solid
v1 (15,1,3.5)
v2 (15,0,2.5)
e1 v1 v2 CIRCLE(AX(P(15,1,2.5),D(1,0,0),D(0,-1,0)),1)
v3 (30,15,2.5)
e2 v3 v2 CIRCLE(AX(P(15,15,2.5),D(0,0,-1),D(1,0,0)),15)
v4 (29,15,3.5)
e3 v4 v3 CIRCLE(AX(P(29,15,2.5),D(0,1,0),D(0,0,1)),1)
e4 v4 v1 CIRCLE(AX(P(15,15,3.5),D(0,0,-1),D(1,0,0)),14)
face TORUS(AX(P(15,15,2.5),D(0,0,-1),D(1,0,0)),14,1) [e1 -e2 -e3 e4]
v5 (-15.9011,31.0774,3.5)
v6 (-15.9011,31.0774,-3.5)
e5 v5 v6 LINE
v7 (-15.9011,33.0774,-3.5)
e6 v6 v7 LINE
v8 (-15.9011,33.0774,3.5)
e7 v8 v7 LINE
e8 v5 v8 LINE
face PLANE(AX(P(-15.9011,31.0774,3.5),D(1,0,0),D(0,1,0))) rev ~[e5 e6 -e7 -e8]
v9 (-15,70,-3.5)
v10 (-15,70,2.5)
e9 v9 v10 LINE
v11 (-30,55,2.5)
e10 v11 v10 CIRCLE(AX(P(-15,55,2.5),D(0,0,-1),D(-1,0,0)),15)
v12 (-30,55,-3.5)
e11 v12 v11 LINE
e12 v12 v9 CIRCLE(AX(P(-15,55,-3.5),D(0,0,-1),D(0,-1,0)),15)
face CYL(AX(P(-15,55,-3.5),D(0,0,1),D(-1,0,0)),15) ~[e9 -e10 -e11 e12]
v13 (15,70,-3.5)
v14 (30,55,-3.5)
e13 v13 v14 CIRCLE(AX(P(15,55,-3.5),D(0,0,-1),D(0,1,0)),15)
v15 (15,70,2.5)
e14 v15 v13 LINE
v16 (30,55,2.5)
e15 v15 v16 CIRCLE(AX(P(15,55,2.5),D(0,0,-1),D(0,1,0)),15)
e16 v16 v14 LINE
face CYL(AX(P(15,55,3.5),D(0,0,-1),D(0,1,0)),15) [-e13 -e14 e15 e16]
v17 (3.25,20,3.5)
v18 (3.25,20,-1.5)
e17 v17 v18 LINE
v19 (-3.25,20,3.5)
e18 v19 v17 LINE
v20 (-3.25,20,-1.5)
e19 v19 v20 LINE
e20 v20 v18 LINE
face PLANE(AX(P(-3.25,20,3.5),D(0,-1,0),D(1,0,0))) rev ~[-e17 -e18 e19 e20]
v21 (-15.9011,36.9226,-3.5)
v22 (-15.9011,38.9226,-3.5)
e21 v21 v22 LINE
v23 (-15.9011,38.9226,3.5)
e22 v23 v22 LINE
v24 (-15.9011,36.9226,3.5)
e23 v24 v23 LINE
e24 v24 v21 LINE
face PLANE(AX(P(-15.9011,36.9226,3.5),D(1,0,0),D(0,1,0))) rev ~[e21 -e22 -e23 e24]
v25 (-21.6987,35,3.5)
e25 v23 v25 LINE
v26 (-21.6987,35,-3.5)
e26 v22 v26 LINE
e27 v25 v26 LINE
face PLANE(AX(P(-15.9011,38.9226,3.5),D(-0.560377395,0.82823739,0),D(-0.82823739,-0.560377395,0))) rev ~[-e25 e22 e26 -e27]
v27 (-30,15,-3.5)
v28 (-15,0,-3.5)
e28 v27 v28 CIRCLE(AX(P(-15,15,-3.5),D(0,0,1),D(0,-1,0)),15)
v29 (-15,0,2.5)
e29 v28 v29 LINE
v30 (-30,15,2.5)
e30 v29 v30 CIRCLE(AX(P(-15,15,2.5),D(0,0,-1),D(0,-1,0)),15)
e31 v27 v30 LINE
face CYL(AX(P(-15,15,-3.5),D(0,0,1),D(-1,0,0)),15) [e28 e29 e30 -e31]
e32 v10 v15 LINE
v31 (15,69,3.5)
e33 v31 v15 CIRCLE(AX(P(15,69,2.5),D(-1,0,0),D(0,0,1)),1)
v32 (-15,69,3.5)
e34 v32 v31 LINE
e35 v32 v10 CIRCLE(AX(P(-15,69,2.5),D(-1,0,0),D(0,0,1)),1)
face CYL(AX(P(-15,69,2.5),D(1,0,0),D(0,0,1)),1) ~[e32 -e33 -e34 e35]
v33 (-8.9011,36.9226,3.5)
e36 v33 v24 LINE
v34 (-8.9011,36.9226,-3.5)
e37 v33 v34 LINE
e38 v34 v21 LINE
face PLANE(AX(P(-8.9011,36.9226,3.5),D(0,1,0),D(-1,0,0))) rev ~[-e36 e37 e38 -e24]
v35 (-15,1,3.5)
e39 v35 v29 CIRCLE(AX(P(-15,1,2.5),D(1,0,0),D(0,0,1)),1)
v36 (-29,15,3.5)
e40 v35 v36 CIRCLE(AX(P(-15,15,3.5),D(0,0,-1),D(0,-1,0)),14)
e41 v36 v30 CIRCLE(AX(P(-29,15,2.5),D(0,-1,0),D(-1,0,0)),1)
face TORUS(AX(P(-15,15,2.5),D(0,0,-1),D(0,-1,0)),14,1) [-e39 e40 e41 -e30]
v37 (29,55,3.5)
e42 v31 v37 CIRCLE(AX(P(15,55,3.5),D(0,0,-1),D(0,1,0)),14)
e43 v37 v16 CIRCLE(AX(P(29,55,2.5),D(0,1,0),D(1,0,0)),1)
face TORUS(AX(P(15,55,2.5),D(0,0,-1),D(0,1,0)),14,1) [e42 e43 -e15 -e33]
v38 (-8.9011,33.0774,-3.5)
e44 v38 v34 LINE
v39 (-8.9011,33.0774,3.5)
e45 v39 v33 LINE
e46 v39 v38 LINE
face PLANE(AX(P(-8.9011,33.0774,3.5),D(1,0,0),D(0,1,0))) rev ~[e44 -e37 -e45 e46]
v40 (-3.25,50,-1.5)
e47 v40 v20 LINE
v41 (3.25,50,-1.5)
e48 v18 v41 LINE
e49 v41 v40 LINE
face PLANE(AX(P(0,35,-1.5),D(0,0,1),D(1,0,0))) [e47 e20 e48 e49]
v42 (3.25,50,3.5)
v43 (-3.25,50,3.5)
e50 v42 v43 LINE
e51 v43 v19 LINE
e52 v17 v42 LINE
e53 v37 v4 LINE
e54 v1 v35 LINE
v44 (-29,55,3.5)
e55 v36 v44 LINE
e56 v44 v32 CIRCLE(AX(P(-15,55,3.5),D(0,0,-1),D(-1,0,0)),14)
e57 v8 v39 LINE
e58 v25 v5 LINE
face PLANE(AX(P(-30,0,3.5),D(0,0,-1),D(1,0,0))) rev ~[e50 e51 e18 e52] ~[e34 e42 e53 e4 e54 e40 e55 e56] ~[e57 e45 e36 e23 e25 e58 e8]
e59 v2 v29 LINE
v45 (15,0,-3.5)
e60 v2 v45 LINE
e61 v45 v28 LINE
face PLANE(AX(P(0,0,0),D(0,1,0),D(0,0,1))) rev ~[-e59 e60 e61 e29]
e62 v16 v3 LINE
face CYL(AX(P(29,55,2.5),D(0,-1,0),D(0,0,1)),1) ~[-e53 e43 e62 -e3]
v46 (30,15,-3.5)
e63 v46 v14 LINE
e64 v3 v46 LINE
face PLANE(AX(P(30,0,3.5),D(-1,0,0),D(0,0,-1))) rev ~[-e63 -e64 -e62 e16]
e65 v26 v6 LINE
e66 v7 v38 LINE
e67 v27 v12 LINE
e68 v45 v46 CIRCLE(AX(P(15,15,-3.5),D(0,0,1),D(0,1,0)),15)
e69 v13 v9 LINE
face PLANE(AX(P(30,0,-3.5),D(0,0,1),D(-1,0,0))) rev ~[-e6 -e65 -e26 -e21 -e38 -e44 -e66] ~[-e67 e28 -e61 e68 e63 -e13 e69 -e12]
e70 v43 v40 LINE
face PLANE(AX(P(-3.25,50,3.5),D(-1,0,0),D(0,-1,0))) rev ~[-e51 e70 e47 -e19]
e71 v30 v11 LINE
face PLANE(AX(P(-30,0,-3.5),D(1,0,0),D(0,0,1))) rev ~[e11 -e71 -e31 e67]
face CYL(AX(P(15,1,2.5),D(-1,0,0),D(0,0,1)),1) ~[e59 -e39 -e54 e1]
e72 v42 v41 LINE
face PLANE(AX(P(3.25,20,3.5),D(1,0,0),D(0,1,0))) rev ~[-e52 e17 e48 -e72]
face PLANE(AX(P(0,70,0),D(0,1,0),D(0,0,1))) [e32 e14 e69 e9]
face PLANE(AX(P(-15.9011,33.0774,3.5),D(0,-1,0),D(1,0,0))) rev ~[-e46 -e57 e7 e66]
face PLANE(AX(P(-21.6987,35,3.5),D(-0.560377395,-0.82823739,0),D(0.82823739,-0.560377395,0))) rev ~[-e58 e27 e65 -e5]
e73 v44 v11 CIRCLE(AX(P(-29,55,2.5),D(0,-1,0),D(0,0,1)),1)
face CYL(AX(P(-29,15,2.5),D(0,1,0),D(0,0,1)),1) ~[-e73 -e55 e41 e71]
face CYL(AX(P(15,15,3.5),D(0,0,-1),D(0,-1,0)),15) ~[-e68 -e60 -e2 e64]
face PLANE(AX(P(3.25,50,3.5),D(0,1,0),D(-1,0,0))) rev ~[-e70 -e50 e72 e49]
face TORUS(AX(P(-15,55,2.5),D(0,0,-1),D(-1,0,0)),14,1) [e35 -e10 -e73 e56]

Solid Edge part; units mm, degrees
sketch "Sketch1" plane through (0, 0, 0) normal (0, -1, 0) x (1, 0, 0)
  line L0 (-30, 3.5) -> (30, 3.5)
  line L1 (30, 3.5) -> (30, -3.5)
  line L2 (30, -3.5) -> (-30, -3.5)
  line L3 (-30, -3.5) -> (-30, 3.5)
  dimension "D1" = 60
  dimension "D2" = 7
extrude "Protrusion1" add sketch "Sketch1" against normal blind 70
sketch "Sketch2" plane through (0, 35, 3.5) normal (0, 0, 1) x (0, 1, 0)
  line L0 (15, 3.25) -> (-15, 3.25)
  line L1 (-15, 3.25) -> (-15, -3.25)
  line L2 (-15, -3.25) -> (15, -3.25)
  line L3 (15, -3.25) -> (15, 3.25)
  dimension "D1" = 30
  dimension "D2" = 6.5
  dimension "D3" = 20
extrude "Utskärning_för_vertikal_pelare" cut sketch "Sketch2" against normal blind 5
fillet "Avrundingar_15" radius 15 4 edges at (30, 70, 0) (-30, 70, 0) (-30, 0, 0) (30, 0, 0)
fillet "Avrundningar_1" radius 1 8 edges at (0, 70, 3.5) (-30, 35, 3.5) (30, 35, 3.5) (0, 0, 3.5) (-25.6066, 4.3934, 3.5) (25.6066, 4.3934, 3.5) (25.6066, 65.6066, 3.5) (-25.6066, 65.6066, 3.5)
sketch "Sketch3" plane through (0, 35, 3.5) normal (0, 0, 1) x (1, 0, 0)
  line L0 (-8.9011, -1.9226) -> (-8.9011, 1.9226)
  line L1 (-8.9011, 1.9226) -> (-15.9011, 1.9226)
  line L2 (-15.9011, 1.9226) -> (-15.9011, 3.9226)
  line L3 (-15.9011, 3.9226) -> (-21.6987, 0)
  line L4 (-21.6987, 0) -> (-15.9011, -3.9226)
  line L5 (-15.9011, -3.9226) -> (-15.9011, -1.9226)
  line L6 (-15.9011, -1.9226) -> (-8.9011, -1.9226)
  dimension "D1" = 7
  dimension "D2" = 2
  dimension "D3" = 7
  dimension "D4" = 3.8453
  dimension "D5" = 21.6987
extrude "Cutout1" cut sketch "Sketch3" against normal through all
